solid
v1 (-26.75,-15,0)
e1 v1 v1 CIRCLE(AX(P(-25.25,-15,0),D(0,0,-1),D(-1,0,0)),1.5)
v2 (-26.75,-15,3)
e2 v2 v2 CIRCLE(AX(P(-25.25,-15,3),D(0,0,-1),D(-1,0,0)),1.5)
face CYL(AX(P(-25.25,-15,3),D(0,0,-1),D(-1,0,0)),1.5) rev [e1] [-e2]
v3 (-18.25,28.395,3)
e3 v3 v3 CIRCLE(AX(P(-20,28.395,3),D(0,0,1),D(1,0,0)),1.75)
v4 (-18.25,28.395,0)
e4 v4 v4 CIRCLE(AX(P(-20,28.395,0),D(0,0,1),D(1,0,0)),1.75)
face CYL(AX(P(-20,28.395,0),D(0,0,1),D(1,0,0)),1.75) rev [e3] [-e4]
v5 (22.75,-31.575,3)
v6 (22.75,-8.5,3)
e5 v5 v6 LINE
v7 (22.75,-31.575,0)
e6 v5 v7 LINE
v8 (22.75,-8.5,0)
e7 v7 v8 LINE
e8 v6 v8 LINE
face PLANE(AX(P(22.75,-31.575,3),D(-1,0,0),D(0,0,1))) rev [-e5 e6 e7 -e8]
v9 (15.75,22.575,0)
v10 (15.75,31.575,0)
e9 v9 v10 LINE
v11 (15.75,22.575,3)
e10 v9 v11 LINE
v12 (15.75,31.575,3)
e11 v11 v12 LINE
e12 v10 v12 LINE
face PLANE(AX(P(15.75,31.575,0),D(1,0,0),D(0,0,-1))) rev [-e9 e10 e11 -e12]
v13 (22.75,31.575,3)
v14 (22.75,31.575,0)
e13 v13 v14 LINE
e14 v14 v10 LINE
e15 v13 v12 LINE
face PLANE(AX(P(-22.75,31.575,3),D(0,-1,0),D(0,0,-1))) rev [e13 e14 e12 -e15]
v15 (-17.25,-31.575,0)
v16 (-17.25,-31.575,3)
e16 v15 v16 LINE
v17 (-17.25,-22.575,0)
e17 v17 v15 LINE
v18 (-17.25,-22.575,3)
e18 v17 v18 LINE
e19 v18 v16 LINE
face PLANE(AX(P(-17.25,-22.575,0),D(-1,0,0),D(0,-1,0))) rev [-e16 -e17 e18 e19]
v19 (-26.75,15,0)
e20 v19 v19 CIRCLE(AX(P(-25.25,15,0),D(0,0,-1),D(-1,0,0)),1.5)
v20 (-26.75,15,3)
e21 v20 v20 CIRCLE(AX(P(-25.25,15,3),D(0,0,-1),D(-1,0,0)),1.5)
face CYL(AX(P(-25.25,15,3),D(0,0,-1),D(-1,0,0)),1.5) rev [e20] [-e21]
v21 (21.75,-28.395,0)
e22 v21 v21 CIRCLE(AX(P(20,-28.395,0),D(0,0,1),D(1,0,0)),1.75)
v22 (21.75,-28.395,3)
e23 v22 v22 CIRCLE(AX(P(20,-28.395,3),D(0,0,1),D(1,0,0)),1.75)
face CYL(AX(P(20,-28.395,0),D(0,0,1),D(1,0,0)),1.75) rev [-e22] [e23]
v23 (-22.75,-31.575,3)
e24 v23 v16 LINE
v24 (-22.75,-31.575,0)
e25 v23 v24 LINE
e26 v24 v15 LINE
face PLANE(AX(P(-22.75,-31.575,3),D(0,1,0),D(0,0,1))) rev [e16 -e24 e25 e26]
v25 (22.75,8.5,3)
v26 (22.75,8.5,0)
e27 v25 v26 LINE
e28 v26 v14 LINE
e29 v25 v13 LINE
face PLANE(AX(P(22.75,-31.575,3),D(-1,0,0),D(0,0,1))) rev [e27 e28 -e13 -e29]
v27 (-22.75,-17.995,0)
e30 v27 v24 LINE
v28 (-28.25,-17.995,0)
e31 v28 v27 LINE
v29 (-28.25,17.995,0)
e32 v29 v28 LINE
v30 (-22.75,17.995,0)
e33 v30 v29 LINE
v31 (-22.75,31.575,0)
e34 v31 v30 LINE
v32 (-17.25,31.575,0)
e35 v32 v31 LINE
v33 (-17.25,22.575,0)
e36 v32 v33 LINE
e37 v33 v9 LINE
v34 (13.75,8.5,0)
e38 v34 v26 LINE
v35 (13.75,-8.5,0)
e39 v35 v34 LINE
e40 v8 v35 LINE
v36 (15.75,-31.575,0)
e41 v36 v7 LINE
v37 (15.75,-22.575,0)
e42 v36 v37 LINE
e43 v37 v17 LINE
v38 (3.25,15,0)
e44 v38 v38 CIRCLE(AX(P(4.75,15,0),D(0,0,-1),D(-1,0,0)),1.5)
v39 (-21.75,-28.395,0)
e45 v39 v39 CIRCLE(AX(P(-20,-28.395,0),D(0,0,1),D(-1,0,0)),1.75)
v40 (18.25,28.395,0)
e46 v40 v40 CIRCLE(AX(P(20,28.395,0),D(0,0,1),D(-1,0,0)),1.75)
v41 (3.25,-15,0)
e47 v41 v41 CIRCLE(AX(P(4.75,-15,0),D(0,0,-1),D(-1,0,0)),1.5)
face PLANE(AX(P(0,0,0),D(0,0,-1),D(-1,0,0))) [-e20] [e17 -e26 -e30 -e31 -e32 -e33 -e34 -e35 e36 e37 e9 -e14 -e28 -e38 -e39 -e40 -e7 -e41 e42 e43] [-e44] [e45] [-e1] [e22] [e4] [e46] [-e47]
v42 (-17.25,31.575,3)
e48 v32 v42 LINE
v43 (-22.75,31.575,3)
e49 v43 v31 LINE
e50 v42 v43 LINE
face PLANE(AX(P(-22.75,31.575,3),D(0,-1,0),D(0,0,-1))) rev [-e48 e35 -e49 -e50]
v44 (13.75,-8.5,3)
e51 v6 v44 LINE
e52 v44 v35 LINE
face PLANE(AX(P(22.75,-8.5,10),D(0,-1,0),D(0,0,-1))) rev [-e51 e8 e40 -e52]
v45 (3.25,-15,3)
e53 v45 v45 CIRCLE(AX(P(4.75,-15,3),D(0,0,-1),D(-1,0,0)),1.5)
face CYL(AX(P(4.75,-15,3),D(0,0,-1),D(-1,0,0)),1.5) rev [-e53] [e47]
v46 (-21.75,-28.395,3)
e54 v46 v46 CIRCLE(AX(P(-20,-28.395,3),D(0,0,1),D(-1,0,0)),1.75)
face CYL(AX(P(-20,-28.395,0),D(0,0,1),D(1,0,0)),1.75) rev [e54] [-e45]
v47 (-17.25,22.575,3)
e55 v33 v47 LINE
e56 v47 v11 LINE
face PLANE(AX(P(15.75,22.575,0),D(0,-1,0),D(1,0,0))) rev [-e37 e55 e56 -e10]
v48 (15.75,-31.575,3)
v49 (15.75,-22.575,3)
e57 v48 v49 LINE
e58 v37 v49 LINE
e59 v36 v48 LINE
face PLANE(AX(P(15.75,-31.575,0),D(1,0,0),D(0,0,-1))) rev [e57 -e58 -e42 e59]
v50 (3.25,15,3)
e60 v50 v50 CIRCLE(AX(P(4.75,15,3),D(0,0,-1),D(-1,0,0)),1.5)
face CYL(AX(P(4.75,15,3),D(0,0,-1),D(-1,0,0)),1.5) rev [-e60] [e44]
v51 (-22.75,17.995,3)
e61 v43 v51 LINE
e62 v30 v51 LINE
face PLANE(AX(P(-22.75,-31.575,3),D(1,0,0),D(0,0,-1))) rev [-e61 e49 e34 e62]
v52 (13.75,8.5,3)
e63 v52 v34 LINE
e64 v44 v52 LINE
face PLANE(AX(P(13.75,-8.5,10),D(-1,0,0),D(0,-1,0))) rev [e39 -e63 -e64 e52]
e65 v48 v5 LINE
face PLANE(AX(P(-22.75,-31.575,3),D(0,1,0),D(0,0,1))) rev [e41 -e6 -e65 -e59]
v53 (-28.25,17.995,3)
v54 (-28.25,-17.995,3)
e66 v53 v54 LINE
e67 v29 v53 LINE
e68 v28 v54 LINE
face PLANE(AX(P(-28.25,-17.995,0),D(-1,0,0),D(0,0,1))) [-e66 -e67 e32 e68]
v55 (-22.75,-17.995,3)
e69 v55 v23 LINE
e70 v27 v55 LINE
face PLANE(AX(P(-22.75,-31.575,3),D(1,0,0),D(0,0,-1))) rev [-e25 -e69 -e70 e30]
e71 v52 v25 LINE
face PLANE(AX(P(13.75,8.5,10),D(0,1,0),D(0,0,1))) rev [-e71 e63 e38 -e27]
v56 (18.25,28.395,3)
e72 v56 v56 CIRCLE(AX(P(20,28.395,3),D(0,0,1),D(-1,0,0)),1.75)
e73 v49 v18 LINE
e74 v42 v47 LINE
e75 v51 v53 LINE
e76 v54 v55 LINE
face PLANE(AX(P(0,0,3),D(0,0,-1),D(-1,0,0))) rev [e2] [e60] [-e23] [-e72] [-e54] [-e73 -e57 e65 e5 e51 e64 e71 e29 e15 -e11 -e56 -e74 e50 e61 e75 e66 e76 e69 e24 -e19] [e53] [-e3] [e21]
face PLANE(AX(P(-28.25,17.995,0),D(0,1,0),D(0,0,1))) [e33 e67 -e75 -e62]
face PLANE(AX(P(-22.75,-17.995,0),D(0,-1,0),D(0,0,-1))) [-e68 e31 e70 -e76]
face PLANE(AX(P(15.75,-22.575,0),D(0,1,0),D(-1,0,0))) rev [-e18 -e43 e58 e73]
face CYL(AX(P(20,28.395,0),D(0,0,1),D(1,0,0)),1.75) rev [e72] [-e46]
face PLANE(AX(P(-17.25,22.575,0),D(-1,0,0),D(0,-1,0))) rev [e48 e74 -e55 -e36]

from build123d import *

# Parameters (mm, degrees)
SKETCH1_W           = 45.5
SKETCH1_H           = 63.15
BOSS_EXTRUDE1_DEPTH = 3
SKETCH2_R           = 1.75
CUT_EXTRUDE1_DEPTH  = 3
SKETCH3_W           = 33
SKETCH3_H           = 9
CUT_EXTRUDE2_DEPTH  = 3
SKETCH4_W           = 5.5
SKETCH4_H           = 35.99
BOSS_EXTRUDE2_DEPTH = 3
SKETCH5_R           = 1.5
CUT_EXTRUDE3_DEPTH  = 3
CUT_EXTRUDE4_DEPTH  = 10


with BuildPart() as part:
    # Sketch1 → Boss-Extrude1 (new body)
    with BuildSketch(Plane.XY):
        Rectangle(SKETCH1_W, SKETCH1_H)
    extrude(amount=BOSS_EXTRUDE1_DEPTH)

    # Sketch2 → Cut-Extrude1 (cut)
    with BuildSketch(Plane.XY.offset(3)):
        with Locations((20, -28.395)):
            Circle(SKETCH2_R)
        with Locations(Location((20, 28.395, 0), (0, 0, 180))):
            Circle(SKETCH2_R)
        with Locations((-20, 28.395)):
            Circle(SKETCH2_R)
        with Locations(Location((-20, -28.395, 0), (0, 0, 180))):
            Circle(SKETCH2_R)
    extrude(amount=-CUT_EXTRUDE1_DEPTH, mode=Mode.SUBTRACT)

    # Sketch3 → Cut-Extrude2 (cut)
    with BuildSketch(Plane.XY.offset(3)):
        with Locations((-0.75, 27.075)):
            Rectangle(SKETCH3_W, SKETCH3_H)
        with Locations((-0.75, -27.075)):
            Rectangle(SKETCH3_W, SKETCH3_H)
    extrude(amount=-CUT_EXTRUDE2_DEPTH, mode=Mode.SUBTRACT)

    # Sketch4 → Boss-Extrude2 (add)
    with BuildSketch(Plane.XY.offset(3)):
        with Locations((-25.5, 0)):
            Rectangle(SKETCH4_W, SKETCH4_H)
    extrude(amount=-BOSS_EXTRUDE2_DEPTH)

    # Sketch5 → Cut-Extrude3 (cut)
    with BuildSketch(Plane(origin=(0, 0, 0), x_dir=(-1, 0, 0), z_dir=(0, 0, -1))):
        with Locations((-4.75, 15)):
            Circle(SKETCH5_R)
        with Locations((25.25, 15)):
            Circle(SKETCH5_R)
        with Locations((25.25, -15)):
            Circle(SKETCH5_R)
        with Locations((-4.75, -15)):
            Circle(SKETCH5_R)
    extrude(amount=-CUT_EXTRUDE3_DEPTH, mode=Mode.SUBTRACT)

    # Sketch6 → Cut-Extrude4 (cut)
    with BuildSketch(Plane(origin=(0, 0, 0), x_dir=(-1, 0, 0), z_dir=(0, 0, -1))):
        Polygon((-22.75, 0), (-22.75, -8.5), (-13.75, -8.5), (-13.75, 8.5), (-22.75, 8.5), align=None)
    extrude(amount=-CUT_EXTRUDE4_DEPTH, mode=Mode.SUBTRACT)


solid = part.part
